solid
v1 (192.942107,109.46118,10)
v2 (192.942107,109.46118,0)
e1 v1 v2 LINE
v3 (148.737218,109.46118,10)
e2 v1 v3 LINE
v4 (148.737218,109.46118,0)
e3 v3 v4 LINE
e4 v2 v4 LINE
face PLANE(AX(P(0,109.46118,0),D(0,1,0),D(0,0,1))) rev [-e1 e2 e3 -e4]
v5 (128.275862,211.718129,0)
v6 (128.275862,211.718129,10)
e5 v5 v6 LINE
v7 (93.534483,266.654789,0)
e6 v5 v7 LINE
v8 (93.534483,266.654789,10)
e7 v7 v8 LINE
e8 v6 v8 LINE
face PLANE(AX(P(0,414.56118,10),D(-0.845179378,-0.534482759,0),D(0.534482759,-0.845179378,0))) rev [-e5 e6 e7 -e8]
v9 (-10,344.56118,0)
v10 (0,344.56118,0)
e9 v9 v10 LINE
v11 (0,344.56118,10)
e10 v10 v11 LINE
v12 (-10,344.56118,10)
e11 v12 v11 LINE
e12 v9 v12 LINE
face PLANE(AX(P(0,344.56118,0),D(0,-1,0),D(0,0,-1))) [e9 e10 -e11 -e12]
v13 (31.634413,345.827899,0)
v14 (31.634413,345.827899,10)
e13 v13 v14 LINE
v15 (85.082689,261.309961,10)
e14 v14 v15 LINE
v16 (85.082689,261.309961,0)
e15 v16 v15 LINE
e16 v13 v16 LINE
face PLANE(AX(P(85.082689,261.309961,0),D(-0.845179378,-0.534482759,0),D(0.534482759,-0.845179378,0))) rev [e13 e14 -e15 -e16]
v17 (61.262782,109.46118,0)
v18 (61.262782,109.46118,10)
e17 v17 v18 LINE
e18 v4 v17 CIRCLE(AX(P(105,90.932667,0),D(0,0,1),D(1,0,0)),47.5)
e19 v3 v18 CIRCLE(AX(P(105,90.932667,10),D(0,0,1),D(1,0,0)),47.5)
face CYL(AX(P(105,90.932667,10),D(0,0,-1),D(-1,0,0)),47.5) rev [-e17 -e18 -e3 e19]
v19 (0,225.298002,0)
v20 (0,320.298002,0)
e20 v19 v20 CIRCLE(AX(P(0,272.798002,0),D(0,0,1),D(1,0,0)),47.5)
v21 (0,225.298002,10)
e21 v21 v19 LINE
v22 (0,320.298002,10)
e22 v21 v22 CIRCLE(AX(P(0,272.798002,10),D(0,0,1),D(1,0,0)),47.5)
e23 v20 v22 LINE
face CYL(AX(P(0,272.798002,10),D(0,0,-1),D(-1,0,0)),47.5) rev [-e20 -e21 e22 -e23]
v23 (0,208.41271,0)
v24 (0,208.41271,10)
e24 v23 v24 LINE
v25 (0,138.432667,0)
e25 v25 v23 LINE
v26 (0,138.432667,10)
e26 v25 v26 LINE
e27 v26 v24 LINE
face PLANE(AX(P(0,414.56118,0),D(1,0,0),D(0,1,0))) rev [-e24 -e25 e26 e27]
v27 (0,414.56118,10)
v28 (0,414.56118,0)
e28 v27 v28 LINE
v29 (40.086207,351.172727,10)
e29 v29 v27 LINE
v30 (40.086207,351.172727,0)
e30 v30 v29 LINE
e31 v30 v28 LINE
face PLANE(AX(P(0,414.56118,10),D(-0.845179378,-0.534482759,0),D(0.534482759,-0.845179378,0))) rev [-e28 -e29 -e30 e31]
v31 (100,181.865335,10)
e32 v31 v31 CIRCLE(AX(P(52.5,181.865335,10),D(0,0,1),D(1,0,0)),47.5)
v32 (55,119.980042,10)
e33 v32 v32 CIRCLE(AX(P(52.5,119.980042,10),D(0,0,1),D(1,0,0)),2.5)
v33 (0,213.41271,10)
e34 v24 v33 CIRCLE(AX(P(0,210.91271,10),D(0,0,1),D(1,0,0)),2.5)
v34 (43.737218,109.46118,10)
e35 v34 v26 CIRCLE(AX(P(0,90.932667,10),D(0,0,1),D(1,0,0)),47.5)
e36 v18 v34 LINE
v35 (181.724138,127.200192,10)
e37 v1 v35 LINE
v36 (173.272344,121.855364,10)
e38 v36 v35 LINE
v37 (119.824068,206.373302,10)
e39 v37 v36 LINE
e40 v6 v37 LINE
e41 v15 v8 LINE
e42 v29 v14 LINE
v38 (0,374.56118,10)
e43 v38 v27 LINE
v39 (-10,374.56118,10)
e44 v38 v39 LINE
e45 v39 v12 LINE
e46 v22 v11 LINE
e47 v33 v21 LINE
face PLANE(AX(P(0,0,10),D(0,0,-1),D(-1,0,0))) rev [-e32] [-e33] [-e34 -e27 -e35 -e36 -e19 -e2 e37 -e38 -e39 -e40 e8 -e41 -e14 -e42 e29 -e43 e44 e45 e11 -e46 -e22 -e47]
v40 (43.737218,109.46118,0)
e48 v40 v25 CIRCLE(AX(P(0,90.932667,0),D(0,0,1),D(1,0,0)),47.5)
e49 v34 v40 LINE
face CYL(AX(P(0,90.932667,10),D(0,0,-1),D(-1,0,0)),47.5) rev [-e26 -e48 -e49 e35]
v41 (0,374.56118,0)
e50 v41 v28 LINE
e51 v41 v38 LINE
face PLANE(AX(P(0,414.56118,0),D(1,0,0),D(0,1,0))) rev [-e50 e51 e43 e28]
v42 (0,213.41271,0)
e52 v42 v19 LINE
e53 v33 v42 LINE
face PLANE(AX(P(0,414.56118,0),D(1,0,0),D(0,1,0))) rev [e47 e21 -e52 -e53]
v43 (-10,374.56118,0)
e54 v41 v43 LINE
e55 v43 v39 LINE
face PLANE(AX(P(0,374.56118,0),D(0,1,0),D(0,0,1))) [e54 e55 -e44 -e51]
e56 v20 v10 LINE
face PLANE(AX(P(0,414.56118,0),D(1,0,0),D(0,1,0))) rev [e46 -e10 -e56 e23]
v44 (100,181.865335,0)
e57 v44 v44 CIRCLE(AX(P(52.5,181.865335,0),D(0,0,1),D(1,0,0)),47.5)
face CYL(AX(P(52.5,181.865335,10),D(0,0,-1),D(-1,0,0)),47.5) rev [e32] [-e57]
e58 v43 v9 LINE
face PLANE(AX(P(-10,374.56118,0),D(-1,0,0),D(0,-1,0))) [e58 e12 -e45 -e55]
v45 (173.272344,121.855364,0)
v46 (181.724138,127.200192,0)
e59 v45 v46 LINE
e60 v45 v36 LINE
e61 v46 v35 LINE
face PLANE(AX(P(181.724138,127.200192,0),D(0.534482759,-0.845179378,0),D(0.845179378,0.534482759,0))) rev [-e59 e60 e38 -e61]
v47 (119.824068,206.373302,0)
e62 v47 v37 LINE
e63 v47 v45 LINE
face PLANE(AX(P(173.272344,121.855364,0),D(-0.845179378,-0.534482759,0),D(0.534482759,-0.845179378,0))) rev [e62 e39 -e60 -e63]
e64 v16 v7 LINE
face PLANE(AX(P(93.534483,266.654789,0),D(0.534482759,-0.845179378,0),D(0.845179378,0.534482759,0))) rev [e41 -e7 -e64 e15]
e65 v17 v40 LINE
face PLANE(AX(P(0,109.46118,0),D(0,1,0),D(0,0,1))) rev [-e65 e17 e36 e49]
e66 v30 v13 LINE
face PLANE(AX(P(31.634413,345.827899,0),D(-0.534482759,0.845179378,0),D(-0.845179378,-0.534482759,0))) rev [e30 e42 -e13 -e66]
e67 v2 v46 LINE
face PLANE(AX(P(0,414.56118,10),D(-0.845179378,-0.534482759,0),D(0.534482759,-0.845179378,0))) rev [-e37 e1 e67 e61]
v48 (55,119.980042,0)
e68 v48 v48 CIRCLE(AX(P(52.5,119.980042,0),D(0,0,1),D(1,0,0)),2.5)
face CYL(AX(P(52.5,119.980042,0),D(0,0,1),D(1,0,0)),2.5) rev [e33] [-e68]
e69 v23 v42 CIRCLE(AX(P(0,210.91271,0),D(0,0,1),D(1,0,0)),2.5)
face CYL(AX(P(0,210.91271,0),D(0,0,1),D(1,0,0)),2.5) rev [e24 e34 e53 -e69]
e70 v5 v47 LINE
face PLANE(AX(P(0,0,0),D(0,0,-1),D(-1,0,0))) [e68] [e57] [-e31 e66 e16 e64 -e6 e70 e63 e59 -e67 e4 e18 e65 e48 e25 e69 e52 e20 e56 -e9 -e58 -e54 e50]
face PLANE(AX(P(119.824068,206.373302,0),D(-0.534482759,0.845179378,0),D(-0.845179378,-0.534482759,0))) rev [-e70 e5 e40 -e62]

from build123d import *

# Parameters (mm, degrees)
ESQUISSE1_R             = 47.5
BOSS_EXTRU_1_DEPTH      = 10
ESQUISSE3_W             = 100
ESQUISSE3_H             = 10
ENL_V_MAT_EXTRU_1_DEPTH = 11
ESQUISSE4_R             = 2.5
ENL_V_MAT_EXTRU_2_DEPTH = 11
ESQUISSE6_W             = 150
ESQUISSE6_H             = 120
BOSS_EXTRU_2_DEPTH      = 10
ESQUISSE7_W             = 10
ESQUISSE7_H             = 50
ESQUISSE7_W_2           = 50
ESQUISSE7_H_2           = 9.570800355
ENL_V_MAT_EXTRU_3_DEPTH = 10
ENL_V_MAT_EXTRU_5_DEPTH = 10
ESQUISSE11_W            = 10
ESQUISSE11_H            = 30
BOSS_EXTRU_4_DEPTH      = 10


with BuildPart() as part:
    # Esquisse1 → Boss.-Extru.1 (new body)
    with BuildSketch(Plane.XY):
        Polygon((-310, -75.642859016), (0, 414.561180135), (310, -75.642859016), align=None)
        with Locations((-157.5, 0)):
            Circle(ESQUISSE1_R, mode=Mode.SUBTRACT)
        with Locations((-52.5, 0)):
            Circle(ESQUISSE1_R, mode=Mode.SUBTRACT)
        with Locations((52.5, 0)):
            Circle(ESQUISSE1_R, mode=Mode.SUBTRACT)
        with Locations((157.5, 0)):
            Circle(ESQUISSE1_R, mode=Mode.SUBTRACT)
        with Locations((-105, 90.932667397)):
            Circle(ESQUISSE1_R, mode=Mode.SUBTRACT)
        with Locations((0, 90.932667397)):
            Circle(ESQUISSE1_R, mode=Mode.SUBTRACT)
        with Locations((105, 90.932667397)):
            Circle(ESQUISSE1_R, mode=Mode.SUBTRACT)
        with Locations((-52.5, 181.865334795)):
            Circle(ESQUISSE1_R, mode=Mode.SUBTRACT)
        with Locations((52.5, 181.865334795)):
            Circle(ESQUISSE1_R, mode=Mode.SUBTRACT)
        with Locations((0, 272.798002192)):
            Circle(ESQUISSE1_R, mode=Mode.SUBTRACT)
    extrude(amount=BOSS_EXTRU_1_DEPTH)

    # Esquisse3 → Enlèv. mat.-Extru.1 (cut, through all)
    with BuildSketch(Plane.XY.offset(10)):
        Polygon((-269.913793103, -12.254405678), (-261.461999325, -17.599233264), (-208.013723463, 66.918704521), (-216.465517241, 72.263532107), align=None)
        Polygon((-181.724137931, 127.200191667), (-173.272344153, 121.855364081), (-119.82406829, 206.373301865), (-128.275862069, 211.718129452), align=None)
        Polygon((-93.534482759, 266.654789012), (-85.08268898, 261.309961425), (-31.634413118, 345.82789921), (-40.086206897, 351.172726796), align=None)
        Polygon((269.913793103, -12.254405678), (261.461999325, -17.599233264), (208.013723463, 66.918704521), (216.465517241, 72.263532107), align=None)
        Polygon((181.724137931, 127.200191667), (173.272344153, 121.855364081), (119.82406829, 206.373301865), (128.275862069, 211.718129452), align=None)
        Polygon((93.534482759, 266.654789012), (85.08268898, 261.309961425), (31.634413118, 345.82789921), (40.086206897, 351.172726796), align=None)
        with Locations((-160, -70.642859016)):
            Rectangle(ESQUISSE3_W, ESQUISSE3_H)
        with Locations((160, -70.642859016)):
            Rectangle(ESQUISSE3_W, ESQUISSE3_H)
    extrude(amount=-ENL_V_MAT_EXTRU_1_DEPTH, mode=Mode.SUBTRACT)

    # Esquisse4 → Enlèv. mat.-Extru.2 (cut, through all)
    with BuildSketch(Plane.XY.offset(10)):
        with Locations((-157.5, -55.642859016)):
            Circle(ESQUISSE4_R)
        with Locations((-52.5, -55.642859016)):
            Circle(ESQUISSE4_R)
        with Locations((52.5, -55.642859016)):
            Circle(ESQUISSE4_R)
        with Locations((157.5, -55.642859016)):
            Circle(ESQUISSE4_R)
        with Locations((-105, 29.047375097)):
            Circle(ESQUISSE4_R)
        with Locations((0, 29.047375097)):
            Circle(ESQUISSE4_R)
        with Locations((105, 29.047375097)):
            Circle(ESQUISSE4_R)
        with Locations((-52.5, 119.980042494)):
            Circle(ESQUISSE4_R)
        with Locations((52.5, 119.980042494)):
            Circle(ESQUISSE4_R)
        with Locations((0, 210.912709891)):
            Circle(ESQUISSE4_R)
    extrude(amount=-ENL_V_MAT_EXTRU_2_DEPTH, mode=Mode.SUBTRACT)

    # Esquisse6 → Boss.-Extru.2 (add)
    with BuildSketch(Plane.XY.offset(10)):
        with Locations((0, -135.642859016)):
            Rectangle(ESQUISSE6_W, ESQUISSE6_H)
    extrude(amount=-BOSS_EXTRU_2_DEPTH)

    # Esquisse7 → Enlèv. mat.-Extru.3 (cut)
    with BuildSketch(Plane.XY.offset(10)):
        with Locations((-70, -135.642859016)):
            Rectangle(ESQUISSE7_W, ESQUISSE7_H)
        with Locations((0, -190.857458839)):
            Rectangle(ESQUISSE7_W_2, ESQUISSE7_H_2)
        with Locations((70, -135.642859016)):
            Rectangle(ESQUISSE7_W, ESQUISSE7_H)
    extrude(amount=-ENL_V_MAT_EXTRU_3_DEPTH, mode=Mode.SUBTRACT)

    # Esquisse10 → Enlèv. mat.-Extru.5 (cut)
    with BuildSketch(Plane.XY.offset(10)):
        Polygon((0, 414.561180135), (0, 109.461180135), (337.106568203, 109.461180135), (337.106568203, -228.052583807), (-388.969117157, -228.052583807), (-388.969117157, 414.561180135), align=None)
    extrude(amount=-ENL_V_MAT_EXTRU_5_DEPTH, mode=Mode.SUBTRACT)

    # Esquisse11 → Boss.-Extru.4 (add)
    with BuildSketch(Plane.XY.offset(10)):
        with Locations((-5, 359.561180135)):
            Rectangle(ESQUISSE11_W, ESQUISSE11_H)
    extrude(amount=-BOSS_EXTRU_4_DEPTH)


solid = part.part
